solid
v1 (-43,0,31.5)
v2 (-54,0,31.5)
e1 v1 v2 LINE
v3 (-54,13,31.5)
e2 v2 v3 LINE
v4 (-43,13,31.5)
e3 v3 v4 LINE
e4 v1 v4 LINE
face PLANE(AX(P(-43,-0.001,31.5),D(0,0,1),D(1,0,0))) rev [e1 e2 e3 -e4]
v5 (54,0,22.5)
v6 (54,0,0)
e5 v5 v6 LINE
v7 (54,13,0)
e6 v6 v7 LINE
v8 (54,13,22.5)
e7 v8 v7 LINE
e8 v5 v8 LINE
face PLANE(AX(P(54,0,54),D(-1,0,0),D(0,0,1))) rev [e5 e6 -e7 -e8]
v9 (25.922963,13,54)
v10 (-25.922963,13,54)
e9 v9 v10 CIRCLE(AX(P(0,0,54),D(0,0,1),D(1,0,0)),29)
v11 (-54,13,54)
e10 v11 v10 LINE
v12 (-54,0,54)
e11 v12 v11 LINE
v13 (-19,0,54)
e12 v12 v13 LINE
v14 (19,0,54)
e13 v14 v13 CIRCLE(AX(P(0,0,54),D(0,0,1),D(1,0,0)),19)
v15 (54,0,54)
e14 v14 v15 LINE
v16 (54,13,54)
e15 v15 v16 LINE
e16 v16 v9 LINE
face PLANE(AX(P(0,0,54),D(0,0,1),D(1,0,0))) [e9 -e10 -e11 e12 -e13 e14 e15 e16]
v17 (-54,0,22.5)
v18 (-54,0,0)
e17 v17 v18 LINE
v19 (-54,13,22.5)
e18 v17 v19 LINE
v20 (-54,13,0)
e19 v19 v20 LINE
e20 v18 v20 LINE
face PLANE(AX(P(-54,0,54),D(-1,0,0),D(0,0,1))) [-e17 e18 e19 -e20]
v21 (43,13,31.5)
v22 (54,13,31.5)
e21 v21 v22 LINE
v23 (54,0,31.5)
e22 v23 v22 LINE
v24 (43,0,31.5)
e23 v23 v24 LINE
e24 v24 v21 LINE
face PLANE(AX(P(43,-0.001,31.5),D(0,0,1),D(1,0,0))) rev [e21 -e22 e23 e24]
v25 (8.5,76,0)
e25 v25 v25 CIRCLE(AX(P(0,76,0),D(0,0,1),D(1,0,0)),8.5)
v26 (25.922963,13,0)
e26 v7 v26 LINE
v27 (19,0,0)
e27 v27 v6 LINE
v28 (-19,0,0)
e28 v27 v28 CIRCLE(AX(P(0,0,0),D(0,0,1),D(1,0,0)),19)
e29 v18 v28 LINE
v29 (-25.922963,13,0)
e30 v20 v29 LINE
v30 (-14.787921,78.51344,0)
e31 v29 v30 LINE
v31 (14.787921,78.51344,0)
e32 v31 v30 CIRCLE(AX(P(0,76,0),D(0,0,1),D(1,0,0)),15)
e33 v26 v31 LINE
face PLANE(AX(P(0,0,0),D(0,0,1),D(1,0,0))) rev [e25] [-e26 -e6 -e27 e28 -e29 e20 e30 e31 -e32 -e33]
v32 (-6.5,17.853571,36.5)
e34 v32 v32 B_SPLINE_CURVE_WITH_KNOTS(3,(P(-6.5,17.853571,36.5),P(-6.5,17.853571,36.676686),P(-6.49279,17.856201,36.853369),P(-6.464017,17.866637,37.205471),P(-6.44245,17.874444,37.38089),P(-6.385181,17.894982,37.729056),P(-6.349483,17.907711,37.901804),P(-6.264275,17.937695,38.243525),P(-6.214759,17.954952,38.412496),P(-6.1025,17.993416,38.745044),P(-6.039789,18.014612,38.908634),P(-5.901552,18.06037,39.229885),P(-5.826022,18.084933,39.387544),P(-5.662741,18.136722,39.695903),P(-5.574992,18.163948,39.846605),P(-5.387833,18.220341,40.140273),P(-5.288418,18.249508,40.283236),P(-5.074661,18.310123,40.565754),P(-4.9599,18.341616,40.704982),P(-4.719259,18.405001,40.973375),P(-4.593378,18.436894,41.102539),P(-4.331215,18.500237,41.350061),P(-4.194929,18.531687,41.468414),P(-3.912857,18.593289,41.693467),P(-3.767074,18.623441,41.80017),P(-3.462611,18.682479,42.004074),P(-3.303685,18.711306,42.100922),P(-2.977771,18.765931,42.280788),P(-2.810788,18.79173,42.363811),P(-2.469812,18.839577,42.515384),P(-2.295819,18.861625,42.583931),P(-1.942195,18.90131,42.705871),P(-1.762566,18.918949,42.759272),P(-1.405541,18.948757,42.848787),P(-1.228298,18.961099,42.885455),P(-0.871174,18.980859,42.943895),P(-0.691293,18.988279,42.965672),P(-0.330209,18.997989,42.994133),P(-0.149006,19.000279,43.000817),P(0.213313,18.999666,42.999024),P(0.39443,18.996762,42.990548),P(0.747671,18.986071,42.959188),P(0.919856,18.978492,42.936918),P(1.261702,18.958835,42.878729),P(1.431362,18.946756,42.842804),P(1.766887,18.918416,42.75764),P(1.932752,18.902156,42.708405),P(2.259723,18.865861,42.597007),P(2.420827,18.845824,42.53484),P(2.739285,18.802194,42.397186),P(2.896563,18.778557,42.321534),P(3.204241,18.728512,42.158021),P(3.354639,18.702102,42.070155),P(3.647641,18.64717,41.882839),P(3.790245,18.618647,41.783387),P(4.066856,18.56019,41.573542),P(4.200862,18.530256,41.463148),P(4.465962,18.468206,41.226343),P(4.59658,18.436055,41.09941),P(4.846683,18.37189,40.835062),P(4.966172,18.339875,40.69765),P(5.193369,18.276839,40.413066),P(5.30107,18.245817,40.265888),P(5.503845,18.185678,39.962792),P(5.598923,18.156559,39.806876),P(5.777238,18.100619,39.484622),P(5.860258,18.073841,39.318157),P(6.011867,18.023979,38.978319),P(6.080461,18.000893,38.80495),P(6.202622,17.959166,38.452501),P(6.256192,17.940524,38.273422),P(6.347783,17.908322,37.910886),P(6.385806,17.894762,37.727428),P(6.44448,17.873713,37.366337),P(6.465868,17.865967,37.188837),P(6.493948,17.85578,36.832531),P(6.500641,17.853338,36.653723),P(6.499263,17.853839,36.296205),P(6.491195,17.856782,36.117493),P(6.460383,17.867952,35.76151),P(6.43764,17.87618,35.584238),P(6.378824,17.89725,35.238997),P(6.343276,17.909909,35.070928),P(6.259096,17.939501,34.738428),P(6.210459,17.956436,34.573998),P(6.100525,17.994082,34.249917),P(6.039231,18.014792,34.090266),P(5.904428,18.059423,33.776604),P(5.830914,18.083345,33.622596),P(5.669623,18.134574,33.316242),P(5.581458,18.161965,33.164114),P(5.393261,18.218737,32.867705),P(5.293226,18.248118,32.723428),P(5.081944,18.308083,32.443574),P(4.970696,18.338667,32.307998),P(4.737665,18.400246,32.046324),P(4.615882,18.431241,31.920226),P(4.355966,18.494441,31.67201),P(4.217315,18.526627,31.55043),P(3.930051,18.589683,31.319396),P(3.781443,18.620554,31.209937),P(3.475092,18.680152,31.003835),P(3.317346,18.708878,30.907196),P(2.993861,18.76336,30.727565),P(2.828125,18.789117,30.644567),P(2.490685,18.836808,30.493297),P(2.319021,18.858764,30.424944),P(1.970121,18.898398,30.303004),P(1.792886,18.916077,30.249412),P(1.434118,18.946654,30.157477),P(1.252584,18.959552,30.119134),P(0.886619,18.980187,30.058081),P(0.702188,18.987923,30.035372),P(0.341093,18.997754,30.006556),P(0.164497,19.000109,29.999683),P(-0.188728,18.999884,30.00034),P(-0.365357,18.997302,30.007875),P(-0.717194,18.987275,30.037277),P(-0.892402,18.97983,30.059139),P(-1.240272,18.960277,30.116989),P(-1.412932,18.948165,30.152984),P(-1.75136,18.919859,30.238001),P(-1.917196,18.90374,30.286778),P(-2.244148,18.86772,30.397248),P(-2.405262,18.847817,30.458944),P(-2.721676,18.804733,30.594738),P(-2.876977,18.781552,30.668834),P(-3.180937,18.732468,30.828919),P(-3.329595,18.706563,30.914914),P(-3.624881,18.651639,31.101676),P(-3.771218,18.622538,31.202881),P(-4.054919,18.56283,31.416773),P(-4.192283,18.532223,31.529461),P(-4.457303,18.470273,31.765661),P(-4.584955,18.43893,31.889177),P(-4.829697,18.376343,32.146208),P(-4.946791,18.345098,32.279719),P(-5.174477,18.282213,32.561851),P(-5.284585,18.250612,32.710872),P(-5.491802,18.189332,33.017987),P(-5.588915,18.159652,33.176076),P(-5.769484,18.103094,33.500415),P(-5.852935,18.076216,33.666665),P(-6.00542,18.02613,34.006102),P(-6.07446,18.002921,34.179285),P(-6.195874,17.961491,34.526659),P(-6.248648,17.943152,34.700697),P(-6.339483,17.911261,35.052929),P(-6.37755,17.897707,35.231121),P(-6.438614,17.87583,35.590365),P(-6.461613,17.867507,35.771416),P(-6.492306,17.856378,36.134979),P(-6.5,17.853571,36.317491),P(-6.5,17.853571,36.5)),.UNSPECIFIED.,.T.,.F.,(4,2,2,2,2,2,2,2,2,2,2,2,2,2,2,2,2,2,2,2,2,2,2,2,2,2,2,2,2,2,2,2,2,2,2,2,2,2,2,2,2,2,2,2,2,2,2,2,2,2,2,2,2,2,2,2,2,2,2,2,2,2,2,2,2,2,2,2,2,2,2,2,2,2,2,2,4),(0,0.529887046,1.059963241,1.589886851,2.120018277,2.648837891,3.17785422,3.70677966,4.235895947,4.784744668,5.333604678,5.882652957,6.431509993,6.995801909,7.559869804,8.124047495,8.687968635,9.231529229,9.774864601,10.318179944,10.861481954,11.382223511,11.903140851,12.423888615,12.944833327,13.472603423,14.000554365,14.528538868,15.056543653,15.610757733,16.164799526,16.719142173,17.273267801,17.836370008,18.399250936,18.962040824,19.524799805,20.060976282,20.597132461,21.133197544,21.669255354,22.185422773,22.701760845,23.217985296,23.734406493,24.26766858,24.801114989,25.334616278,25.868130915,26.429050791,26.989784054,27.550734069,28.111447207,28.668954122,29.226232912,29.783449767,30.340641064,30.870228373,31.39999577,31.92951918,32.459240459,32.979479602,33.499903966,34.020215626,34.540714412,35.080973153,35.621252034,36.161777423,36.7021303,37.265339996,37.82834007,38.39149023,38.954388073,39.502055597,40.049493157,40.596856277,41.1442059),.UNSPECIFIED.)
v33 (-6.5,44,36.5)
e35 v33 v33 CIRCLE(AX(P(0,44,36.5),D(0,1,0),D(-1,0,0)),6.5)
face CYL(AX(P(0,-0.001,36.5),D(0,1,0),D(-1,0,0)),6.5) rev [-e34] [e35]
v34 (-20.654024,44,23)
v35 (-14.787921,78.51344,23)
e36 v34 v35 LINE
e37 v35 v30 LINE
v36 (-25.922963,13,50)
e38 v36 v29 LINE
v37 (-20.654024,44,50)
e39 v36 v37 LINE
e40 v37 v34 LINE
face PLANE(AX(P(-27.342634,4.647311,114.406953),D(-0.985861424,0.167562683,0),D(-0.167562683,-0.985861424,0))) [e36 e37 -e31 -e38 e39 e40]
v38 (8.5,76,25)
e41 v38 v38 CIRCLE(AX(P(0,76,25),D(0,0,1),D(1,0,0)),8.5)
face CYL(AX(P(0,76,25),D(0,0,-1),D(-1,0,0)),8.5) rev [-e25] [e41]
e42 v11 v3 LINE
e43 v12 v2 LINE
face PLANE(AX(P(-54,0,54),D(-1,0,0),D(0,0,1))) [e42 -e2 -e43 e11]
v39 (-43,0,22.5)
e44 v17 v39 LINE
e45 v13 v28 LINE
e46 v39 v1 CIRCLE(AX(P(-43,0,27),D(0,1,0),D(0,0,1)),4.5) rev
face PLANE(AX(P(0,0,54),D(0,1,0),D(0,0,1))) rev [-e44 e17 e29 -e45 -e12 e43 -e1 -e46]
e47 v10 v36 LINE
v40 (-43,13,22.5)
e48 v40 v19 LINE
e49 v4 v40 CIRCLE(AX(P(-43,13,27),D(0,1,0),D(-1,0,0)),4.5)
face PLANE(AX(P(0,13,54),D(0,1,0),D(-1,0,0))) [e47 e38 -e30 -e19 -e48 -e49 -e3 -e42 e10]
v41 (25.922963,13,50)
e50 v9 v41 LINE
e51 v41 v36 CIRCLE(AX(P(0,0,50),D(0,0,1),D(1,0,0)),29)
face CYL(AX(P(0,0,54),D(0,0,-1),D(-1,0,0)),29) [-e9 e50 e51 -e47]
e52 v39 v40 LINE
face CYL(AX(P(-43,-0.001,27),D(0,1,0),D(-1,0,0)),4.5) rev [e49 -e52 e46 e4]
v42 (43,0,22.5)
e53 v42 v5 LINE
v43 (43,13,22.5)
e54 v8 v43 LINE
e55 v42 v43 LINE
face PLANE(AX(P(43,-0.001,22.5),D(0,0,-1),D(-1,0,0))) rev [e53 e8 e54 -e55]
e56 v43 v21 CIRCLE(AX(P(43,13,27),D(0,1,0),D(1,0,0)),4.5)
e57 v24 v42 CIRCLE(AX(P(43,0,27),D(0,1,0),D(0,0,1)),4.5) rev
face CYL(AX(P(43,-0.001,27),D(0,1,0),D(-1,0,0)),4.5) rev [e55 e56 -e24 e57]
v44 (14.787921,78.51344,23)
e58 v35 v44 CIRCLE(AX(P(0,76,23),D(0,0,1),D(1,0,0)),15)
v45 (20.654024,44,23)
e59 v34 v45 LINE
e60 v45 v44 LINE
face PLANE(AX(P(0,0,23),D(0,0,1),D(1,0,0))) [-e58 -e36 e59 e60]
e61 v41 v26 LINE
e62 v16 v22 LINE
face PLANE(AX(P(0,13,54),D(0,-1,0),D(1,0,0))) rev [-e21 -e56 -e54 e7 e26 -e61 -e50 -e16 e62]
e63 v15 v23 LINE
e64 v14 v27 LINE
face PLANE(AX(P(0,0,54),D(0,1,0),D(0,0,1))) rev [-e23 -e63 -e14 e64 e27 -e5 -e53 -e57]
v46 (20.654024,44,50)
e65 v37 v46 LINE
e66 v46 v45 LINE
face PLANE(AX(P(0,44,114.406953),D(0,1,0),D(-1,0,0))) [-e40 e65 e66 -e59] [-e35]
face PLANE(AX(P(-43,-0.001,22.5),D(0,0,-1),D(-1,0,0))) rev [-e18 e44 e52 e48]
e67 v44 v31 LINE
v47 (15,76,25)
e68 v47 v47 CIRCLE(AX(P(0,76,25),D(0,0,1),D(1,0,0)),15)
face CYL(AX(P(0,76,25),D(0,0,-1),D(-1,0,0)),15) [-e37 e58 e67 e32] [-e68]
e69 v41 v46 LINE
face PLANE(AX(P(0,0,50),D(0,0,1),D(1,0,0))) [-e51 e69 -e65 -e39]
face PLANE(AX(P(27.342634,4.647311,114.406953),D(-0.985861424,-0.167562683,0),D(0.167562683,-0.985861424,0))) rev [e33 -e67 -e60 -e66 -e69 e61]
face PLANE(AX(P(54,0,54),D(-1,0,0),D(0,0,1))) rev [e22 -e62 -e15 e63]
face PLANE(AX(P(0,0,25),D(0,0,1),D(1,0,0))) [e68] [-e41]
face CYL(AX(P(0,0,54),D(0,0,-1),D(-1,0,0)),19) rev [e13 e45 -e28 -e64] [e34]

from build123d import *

# Parameters (mm, degrees)
EXTRUDE_1_DEPTH          = 54
EXTRUDE_2_DEPTH          = 50
EXTRUDE_3_DEPTH          = 23
EXTRUDE_4_DEPTH          = 25
CUT_EXTRUDE_1_REACH      = 91.672
CUT_EXTRUDE_1_END_RADIUS = 19
SKETCH_2_R               = 6.5
CUT_EXTRUDE_2_REACH      = 111.16


with BuildPart() as part:
    # 草图1 → 凸台-拉伸1 (new body)
    with BuildSketch(Plane.XY):
        with BuildLine():
            Line((54, 13), (25.922962794, 13))
            ThreePointArc((25.922962794, 13), (15.231546212, 24.677925359), (0, 29))
            Line((0, 29), (0, 19))
            ThreePointArc((0, 19), (13.435028843, 13.435028843), (19, 0))
            Line((19, 0), (54, 0))
            Line((54, 0), (54, 13))
        make_face()
        with BuildLine():
            ThreePointArc((0, 29), (-15.231546212, 24.677925359), (-25.922962794, 13))
            Line((-25.922962794, 13), (-54, 13))
            Line((-54, 13), (-54, 0))
            Line((-54, 0), (-19, 0))
            ThreePointArc((-19, 0), (-13.435028843, 13.435028843), (0, 19))
            Line((0, 19), (0, 29))
        make_face()
    extrude(amount=EXTRUDE_1_DEPTH)

    # 草图1<3> → 凸台-拉伸2 (add)
    with BuildSketch(Plane.XY):
        with BuildLine():
            Line((25.922962794, 13), (20.654024341, 44))
            Line((20.654024341, 44), (0, 44))
            Line((0, 44), (0, 29))
            ThreePointArc((0, 29), (15.231546212, 24.677925359), (25.922962794, 13))
        make_face()
        with BuildLine():
            Line((0, 44), (-20.654024341, 44))
            Line((-20.654024341, 44), (-25.922962794, 13))
            ThreePointArc((-25.922962794, 13), (-15.231546212, 24.677925359), (0, 29))
            Line((0, 29), (0, 44))
        make_face()
    extrude(amount=EXTRUDE_2_DEPTH)

    # 草图1<5> → 凸台-拉伸3 (add)
    with BuildSketch(Plane.XY):
        with BuildLine():
            ThreePointArc((0, 61), (-11.460837745, 66.322748418), (-14.78792136, 78.513440241))
            Line((-14.78792136, 78.513440241), (-20.654024341, 44))
            Line((-20.654024341, 44), (0, 44))
            Line((0, 44), (0, 61))
        make_face()
        with BuildLine():
            Line((20.654024341, 44), (14.78792136, 78.513440241))
            ThreePointArc((14.78792136, 78.513440241), (14.946886305, 77.26118587), (15, 76))
            ThreePointArc((15, 76), (10.606601718, 65.393398282), (0, 61))
            Line((0, 61), (0, 44))
            Line((0, 44), (20.654024341, 44))
        make_face()
    extrude(amount=EXTRUDE_3_DEPTH)

    # 草图1<6> → 凸台-拉伸4 (add)
    with BuildSketch(Plane.XY):
        with BuildLine():
            ThreePointArc((14.78792136, 78.513440241), (9.677251582, 87.460837745), (0, 91))
            Line((0, 91), (0, 84.5))
            ThreePointArc((0, 84.5), (6.01040764, 82.01040764), (8.5, 76))
            ThreePointArc((8.5, 76), (6.01040764, 69.98959236), (0, 67.5))
            Line((0, 67.5), (0, 61))
            ThreePointArc((0, 61), (10.606601718, 65.393398282), (15, 76))
            ThreePointArc((15, 76), (14.946886305, 77.26118587), (14.78792136, 78.513440241))
        make_face()
        with BuildLine():
            Line((0, 84.5), (0, 91))
            ThreePointArc((0, 91), (-9.677251582, 87.460837745), (-14.78792136, 78.513440241))
            ThreePointArc((-14.78792136, 78.513440241), (-11.460837745, 66.322748418), (0, 61))
            Line((0, 61), (0, 67.5))
            ThreePointArc((0, 67.5), (-8.5, 76), (0, 84.5))
        make_face()
    extrude(amount=EXTRUDE_4_DEPTH)

    # 切除-拉伸1: up to this cylinder (the profile starts outside it)
    cut_extrude_1_end = Plane(origin=(0, 0, 36.5), z_dir=(0, 0, -1)) * Cylinder(CUT_EXTRUDE_1_END_RADIUS, 222.344, mode=Mode.PRIVATE)
    # 草图2 → 切除-拉伸1 (cut, up to the surface)
    with BuildSketch(Plane(origin=(0, 44, 0), x_dir=(1, 0, 0), z_dir=(0, 1, 0)), mode=Mode.PRIVATE) as cut_extrude_1_sk1:
        with Locations(Location((0, -36.5, 0), (0, 0, 180))):
            Circle(SKETCH_2_R)
    cut_extrude_1_tool1 = extrude(cut_extrude_1_sk1.sketch, amount=-CUT_EXTRUDE_1_REACH, mode=Mode.PRIVATE) - cut_extrude_1_end
    add(cut_extrude_1_tool1.solids().sort_by_distance((0, 44, 36.5))[0], mode=Mode.SUBTRACT)

    # 草图3 → 切除-拉伸2 (cut, up to next)
    with BuildSketch(Plane(origin=(0, 13, 0), x_dir=(1, 0, 0), z_dir=(0, 1, 0)), mode=Mode.PRIVATE) as cut_extrude_2_sk1:
        with BuildLine():
            Line((-43, -22.5), (-54, -22.5))
            Line((-54, -22.5), (-54, -31.5))
            Line((-54, -31.5), (-43, -31.5))
            ThreePointArc((-43, -31.5), (-38.5, -27), (-43, -22.5))
        make_face()
    cut_extrude_2_tool1 = extrude(cut_extrude_2_sk1.sketch, amount=-CUT_EXTRUDE_2_REACH, mode=Mode.PRIVATE) & part.part
    # 草图3 → 切除-拉伸2 (cut, up to next)
    with BuildSketch(Plane(origin=(0, 13, 0), x_dir=(1, 0, 0), z_dir=(0, 1, 0)), mode=Mode.PRIVATE) as cut_extrude_2_sk2:
        with BuildLine():
            Line((54, -22.5), (54, -31.5))
            Line((54, -31.5), (43, -31.5))
            ThreePointArc((43, -31.5), (38.5, -27), (43, -22.5))
            Line((43, -22.5), (54, -22.5))
        make_face()
    cut_extrude_2_tool2 = extrude(cut_extrude_2_sk2.sketch, amount=-CUT_EXTRUDE_2_REACH, mode=Mode.PRIVATE) & part.part
    add(cut_extrude_2_tool1.solids().sort_by_distance((-46.698151, 13, 27))[0], mode=Mode.SUBTRACT)
    add(cut_extrude_2_tool2.solids().sort_by_distance((46.698151, 13, 27))[0], mode=Mode.SUBTRACT)


solid = part.part
